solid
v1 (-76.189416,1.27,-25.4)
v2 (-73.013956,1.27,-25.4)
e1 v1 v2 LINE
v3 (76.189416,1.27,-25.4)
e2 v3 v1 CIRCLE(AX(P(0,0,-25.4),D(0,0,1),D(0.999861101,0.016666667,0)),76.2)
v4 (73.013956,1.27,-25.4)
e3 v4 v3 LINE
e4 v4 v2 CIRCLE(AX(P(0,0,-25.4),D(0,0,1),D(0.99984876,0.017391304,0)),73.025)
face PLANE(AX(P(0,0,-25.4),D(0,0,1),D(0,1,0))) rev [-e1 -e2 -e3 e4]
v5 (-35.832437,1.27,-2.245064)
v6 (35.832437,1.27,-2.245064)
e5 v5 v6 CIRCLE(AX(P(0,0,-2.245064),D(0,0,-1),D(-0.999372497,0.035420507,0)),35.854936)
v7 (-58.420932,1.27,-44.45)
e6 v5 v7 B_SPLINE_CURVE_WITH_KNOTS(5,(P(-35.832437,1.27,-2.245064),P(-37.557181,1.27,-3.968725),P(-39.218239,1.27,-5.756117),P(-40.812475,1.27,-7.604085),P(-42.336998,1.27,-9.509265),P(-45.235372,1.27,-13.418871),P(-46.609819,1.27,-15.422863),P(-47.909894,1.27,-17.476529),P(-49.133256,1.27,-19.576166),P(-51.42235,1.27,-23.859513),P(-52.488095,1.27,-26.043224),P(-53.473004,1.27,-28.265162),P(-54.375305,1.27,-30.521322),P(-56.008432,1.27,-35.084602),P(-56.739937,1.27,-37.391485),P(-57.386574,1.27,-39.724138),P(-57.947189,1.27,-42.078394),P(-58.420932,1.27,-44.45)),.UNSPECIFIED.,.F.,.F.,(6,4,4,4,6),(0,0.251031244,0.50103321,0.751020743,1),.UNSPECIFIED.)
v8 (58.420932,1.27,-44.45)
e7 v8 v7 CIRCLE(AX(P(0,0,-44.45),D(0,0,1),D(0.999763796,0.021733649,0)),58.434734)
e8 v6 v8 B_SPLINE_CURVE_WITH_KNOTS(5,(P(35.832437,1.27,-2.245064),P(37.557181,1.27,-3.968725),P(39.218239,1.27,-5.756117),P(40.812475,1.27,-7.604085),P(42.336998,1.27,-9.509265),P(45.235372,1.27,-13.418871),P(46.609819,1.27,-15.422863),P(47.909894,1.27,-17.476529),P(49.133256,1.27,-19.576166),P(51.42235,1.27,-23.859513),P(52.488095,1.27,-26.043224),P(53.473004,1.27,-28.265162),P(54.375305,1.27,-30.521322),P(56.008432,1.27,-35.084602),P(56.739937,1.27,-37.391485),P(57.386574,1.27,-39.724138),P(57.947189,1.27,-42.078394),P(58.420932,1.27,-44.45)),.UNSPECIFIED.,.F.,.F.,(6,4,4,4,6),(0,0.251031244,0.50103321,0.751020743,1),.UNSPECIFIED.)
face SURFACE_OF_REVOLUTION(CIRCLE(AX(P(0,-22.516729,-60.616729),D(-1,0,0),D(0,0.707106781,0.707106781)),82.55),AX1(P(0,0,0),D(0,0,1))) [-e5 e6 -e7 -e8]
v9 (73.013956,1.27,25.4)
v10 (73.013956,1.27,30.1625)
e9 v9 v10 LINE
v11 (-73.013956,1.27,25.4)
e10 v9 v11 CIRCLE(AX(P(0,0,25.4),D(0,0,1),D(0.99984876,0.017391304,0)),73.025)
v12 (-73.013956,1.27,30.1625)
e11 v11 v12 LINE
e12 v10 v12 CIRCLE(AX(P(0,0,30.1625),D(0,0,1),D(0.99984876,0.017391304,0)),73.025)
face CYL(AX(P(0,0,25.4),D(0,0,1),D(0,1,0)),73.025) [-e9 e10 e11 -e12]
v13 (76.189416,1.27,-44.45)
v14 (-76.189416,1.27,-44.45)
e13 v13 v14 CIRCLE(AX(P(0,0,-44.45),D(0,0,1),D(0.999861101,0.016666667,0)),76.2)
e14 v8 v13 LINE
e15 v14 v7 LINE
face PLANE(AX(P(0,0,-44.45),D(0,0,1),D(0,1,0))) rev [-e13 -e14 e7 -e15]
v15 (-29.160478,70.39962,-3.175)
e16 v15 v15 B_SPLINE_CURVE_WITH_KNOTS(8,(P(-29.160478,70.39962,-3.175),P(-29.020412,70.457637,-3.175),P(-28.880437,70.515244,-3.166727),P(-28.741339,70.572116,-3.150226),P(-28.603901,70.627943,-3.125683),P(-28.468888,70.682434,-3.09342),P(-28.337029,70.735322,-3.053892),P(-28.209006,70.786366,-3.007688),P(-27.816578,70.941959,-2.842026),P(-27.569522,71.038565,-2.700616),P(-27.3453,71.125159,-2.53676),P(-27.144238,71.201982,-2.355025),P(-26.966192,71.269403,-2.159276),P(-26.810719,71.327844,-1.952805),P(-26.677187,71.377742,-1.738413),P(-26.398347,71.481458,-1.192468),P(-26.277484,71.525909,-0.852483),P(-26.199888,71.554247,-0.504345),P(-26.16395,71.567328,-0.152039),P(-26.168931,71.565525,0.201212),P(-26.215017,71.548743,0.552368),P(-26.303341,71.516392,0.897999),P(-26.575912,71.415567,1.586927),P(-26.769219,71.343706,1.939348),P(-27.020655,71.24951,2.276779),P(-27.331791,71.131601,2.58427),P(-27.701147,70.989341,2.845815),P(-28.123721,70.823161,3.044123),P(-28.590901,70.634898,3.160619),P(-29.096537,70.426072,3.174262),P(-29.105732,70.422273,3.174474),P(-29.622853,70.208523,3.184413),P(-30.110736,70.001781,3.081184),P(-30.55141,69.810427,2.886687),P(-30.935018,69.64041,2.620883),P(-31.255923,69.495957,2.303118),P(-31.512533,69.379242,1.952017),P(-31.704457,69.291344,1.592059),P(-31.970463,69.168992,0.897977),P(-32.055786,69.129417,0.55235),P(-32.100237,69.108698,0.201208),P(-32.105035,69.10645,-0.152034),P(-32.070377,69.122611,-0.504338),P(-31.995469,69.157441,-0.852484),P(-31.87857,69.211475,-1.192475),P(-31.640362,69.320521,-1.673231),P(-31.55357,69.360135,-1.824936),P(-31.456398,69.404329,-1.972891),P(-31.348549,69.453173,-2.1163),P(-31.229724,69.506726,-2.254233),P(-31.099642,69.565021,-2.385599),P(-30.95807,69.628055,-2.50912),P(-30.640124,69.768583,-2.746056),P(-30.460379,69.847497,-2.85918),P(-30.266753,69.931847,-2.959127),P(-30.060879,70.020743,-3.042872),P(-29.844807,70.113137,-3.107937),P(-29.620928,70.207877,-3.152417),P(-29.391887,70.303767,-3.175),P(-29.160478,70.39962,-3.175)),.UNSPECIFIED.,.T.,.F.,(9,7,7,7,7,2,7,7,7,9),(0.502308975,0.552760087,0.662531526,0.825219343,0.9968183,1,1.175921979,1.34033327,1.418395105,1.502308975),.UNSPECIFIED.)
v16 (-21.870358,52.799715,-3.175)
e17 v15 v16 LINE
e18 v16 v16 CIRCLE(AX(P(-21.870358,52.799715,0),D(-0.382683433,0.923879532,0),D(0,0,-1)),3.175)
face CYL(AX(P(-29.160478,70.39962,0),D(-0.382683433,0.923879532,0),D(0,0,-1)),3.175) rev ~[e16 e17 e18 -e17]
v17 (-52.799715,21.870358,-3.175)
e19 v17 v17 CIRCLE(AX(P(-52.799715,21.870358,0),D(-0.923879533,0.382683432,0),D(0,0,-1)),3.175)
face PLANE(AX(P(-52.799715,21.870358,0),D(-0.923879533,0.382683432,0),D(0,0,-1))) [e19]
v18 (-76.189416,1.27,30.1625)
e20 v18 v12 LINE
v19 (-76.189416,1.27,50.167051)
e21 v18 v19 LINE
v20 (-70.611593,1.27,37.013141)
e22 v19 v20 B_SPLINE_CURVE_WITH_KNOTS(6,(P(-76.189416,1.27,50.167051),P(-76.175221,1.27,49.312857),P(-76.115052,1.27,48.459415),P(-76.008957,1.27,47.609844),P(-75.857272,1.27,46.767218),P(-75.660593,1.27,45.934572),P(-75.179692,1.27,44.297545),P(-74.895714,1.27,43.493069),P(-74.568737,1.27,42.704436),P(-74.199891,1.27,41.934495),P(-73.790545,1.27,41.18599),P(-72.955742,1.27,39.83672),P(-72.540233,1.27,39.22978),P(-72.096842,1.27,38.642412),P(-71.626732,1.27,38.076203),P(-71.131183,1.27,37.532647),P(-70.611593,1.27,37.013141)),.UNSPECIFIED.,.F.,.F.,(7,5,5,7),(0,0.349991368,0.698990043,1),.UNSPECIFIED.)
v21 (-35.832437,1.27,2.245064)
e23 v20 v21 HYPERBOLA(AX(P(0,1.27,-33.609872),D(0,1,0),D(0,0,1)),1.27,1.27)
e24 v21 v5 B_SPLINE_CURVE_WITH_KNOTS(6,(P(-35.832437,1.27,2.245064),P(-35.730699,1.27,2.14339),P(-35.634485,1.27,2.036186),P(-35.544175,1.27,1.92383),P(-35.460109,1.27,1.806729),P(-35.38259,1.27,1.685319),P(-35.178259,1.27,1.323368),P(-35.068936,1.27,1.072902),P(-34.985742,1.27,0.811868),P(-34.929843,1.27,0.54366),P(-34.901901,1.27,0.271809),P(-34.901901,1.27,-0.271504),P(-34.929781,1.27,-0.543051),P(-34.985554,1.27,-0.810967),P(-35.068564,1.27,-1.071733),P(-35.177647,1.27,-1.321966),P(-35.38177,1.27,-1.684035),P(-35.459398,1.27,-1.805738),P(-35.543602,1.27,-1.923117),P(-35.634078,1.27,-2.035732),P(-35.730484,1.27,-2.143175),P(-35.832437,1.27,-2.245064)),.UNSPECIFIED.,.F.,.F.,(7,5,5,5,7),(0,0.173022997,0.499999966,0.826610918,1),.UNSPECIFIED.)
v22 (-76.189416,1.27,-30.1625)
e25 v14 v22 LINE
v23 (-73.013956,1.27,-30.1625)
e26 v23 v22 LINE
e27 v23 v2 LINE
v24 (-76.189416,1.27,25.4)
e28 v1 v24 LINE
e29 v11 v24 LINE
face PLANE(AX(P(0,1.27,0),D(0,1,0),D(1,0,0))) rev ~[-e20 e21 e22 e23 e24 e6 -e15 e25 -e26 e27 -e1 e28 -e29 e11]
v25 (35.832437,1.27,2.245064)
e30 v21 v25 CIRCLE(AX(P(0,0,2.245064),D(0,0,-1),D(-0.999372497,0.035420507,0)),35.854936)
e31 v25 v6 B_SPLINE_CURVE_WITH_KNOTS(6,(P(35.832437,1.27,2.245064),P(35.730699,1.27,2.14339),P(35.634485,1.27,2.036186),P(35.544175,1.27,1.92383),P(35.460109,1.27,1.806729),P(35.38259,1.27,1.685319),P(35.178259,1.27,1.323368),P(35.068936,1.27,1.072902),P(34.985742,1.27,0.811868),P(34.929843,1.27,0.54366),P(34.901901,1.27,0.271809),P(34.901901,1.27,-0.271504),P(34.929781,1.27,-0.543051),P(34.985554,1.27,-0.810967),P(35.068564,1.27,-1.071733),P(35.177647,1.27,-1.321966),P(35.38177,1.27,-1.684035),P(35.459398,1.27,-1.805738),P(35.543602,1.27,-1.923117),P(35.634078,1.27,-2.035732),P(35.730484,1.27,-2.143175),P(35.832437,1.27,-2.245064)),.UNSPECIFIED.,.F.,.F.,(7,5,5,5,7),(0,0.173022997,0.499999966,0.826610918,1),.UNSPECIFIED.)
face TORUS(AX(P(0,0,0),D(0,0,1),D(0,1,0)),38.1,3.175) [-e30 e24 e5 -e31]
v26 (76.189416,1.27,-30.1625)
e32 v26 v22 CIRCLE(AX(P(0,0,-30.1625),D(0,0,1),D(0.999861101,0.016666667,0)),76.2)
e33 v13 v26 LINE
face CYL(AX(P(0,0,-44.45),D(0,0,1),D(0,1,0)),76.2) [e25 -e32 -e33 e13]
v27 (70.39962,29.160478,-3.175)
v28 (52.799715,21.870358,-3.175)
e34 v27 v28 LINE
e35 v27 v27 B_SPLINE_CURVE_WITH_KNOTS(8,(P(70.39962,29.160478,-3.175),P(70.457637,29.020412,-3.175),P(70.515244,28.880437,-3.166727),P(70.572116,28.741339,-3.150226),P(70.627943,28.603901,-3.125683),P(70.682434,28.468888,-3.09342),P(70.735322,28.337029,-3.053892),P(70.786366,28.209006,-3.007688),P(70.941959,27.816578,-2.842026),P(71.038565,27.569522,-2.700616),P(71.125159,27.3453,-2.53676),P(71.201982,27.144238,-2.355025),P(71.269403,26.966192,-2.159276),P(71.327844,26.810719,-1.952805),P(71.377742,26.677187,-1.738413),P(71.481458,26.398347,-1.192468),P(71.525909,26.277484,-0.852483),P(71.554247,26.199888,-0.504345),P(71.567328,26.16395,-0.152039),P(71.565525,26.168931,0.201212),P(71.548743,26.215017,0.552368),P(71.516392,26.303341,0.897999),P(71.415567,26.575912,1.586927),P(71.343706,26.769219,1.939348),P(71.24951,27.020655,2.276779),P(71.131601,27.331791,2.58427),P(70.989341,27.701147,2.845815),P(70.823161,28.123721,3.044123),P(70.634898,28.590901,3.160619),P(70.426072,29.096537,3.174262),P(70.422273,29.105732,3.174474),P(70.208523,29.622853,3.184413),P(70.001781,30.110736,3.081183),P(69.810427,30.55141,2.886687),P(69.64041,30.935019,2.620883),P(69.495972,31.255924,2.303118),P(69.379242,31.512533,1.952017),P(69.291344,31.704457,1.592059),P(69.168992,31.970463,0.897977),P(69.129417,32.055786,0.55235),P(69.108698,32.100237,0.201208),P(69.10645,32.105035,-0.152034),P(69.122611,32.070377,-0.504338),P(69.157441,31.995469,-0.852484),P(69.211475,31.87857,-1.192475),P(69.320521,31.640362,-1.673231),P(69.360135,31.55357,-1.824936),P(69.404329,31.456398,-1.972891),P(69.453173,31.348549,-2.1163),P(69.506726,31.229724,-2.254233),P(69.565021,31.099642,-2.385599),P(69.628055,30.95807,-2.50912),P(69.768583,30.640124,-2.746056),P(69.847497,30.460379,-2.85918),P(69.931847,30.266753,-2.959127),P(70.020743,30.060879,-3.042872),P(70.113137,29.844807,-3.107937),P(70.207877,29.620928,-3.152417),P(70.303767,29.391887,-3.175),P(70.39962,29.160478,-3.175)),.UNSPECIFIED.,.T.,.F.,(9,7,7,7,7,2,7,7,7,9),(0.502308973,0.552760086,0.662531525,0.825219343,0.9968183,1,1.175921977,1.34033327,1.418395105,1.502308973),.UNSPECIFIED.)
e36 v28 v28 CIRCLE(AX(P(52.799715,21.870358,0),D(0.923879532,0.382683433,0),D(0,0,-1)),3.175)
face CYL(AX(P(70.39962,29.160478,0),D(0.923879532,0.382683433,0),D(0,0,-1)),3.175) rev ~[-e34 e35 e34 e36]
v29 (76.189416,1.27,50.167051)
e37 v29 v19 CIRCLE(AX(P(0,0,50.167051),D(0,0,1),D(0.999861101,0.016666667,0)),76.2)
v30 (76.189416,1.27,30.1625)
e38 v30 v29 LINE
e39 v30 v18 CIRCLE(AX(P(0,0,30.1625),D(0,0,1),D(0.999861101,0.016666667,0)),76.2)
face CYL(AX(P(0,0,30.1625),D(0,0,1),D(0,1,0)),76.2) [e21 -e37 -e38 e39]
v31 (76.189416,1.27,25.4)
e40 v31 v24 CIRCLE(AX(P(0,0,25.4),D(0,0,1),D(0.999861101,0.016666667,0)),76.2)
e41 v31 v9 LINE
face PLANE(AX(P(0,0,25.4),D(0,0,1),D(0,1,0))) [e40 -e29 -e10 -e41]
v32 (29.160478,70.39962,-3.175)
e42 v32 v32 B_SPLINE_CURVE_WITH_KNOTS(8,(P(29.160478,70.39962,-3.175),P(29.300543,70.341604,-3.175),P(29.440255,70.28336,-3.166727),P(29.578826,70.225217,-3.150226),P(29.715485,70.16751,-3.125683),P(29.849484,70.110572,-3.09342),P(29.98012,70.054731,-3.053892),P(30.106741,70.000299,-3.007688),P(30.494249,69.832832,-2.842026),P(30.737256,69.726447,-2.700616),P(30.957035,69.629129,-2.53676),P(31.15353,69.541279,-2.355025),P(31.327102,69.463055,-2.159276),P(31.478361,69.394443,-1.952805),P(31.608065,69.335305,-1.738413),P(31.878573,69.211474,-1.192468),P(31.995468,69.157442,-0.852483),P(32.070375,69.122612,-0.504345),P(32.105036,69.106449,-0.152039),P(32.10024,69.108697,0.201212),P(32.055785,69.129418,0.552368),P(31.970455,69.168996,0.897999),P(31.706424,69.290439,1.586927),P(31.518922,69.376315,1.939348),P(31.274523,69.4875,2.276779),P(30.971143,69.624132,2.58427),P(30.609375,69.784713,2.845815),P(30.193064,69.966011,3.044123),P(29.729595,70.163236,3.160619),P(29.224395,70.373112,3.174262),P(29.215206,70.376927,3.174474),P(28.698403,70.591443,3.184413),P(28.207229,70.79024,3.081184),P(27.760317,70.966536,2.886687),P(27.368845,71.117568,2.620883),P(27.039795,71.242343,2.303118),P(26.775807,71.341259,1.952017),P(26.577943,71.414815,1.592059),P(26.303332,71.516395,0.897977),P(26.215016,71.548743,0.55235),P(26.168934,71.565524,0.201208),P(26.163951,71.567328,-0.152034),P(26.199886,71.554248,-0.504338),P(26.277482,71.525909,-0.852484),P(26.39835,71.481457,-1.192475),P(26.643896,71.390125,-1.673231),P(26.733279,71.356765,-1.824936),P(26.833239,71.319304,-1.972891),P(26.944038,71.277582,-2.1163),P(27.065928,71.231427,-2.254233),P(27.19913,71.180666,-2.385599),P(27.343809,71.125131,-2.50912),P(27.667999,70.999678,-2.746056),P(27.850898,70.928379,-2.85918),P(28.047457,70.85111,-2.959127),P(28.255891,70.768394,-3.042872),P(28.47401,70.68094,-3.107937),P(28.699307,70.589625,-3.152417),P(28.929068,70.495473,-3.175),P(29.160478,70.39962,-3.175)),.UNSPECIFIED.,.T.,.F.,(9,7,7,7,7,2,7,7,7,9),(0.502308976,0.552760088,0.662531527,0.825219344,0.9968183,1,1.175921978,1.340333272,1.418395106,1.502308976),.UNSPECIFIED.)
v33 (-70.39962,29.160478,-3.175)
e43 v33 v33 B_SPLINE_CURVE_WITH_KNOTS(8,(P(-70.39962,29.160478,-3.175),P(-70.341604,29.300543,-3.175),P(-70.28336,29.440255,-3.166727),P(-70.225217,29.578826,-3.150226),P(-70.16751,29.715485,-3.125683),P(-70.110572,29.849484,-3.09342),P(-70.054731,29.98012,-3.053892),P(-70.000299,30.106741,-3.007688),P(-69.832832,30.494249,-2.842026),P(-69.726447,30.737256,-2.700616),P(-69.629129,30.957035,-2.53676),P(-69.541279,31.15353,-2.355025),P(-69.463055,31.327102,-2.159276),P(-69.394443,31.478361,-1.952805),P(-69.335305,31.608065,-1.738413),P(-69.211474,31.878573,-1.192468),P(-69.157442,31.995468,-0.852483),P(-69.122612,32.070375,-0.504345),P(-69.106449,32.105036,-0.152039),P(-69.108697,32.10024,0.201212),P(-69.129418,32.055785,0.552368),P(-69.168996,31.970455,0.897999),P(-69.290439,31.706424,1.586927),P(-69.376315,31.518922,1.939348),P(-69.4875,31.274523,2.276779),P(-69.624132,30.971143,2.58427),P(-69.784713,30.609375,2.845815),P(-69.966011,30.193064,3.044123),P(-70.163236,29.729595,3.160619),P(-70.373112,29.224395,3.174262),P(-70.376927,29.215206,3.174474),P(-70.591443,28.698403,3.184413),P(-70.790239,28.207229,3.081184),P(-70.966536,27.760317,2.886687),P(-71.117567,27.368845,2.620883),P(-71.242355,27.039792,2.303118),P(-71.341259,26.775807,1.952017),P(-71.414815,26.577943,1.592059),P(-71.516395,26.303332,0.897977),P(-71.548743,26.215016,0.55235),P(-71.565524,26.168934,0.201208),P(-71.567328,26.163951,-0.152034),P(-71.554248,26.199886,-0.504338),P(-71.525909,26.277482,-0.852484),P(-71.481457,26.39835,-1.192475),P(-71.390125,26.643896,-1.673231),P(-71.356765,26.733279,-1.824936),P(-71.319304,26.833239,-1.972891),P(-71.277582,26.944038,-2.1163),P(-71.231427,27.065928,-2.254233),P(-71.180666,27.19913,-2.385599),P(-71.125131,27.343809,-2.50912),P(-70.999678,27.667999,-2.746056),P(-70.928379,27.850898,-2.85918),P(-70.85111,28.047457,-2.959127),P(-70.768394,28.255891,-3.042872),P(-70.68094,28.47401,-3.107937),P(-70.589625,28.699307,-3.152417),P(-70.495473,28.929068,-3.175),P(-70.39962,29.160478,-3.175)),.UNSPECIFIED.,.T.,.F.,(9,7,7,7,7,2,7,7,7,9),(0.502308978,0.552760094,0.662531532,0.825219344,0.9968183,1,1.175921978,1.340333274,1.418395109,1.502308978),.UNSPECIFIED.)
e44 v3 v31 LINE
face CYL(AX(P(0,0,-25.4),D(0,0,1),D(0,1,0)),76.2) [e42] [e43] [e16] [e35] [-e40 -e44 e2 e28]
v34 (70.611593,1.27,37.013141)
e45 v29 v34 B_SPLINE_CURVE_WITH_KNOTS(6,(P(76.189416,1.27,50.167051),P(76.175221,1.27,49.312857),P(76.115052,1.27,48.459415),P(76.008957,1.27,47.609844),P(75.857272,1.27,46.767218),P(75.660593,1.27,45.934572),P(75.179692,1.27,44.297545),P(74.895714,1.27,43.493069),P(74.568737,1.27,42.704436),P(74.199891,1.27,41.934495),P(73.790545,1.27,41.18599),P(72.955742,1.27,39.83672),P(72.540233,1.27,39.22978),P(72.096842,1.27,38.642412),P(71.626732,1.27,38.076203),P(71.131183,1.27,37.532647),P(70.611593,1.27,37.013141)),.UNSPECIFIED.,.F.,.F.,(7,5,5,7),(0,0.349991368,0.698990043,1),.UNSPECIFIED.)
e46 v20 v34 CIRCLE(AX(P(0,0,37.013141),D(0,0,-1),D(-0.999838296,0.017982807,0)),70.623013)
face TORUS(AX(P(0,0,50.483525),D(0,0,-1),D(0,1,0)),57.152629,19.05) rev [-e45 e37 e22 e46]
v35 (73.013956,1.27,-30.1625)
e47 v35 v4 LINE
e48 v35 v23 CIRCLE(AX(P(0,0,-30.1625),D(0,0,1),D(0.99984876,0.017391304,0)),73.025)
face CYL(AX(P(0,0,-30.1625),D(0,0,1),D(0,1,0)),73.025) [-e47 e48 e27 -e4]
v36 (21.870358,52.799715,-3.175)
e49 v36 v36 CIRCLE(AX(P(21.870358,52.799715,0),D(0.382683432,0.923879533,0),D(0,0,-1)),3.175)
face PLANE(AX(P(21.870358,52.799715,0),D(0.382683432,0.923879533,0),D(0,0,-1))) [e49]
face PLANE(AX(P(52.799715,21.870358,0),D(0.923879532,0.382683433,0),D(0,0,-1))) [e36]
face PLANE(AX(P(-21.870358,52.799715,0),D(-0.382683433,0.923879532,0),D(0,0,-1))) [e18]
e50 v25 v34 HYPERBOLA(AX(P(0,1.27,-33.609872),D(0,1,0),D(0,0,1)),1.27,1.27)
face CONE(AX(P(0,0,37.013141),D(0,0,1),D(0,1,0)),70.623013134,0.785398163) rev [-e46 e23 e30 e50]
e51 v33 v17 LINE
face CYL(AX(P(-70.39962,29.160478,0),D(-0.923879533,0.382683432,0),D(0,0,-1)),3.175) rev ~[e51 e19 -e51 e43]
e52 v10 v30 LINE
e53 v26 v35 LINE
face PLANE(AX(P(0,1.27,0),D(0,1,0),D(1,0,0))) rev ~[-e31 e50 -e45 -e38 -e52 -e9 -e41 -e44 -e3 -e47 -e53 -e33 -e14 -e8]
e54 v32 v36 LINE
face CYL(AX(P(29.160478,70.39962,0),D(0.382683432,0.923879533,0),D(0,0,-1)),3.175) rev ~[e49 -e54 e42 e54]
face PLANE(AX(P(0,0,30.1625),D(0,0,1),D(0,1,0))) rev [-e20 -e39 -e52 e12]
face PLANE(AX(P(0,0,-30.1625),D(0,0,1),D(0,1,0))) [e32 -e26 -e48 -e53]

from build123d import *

# Parameters (mm, degrees)
SKETCH2_W               = 316.892468242
SKETCH2_H               = 286.660554426
CUT_EXTRUDE1_DEPTH      = 1.27
CUT_EXTRUDE1_DEPTH_BACK = 77.2
SKETCH3_R               = 3.175
CUT_EXTRUDE2_DEPTH      = 19.05
CIRPATTERN1_COUNT       = 8


with BuildPart() as part:
    # Sketch1 → Revolve1 (revolve)
    with BuildSketch(Plane(origin=(0, 0, 0), x_dir=(0, 0, -1), z_dir=(1, 0, 0))):
        with BuildLine():
            ThreePointArc((-50.167050753, 76.2), (-43.047460251, 74.691369941), (-37.013141195, 70.623013134))
            Line((-37.013141195, 70.623013134), (-2.24506403, 35.85493597))
            ThreePointArc((-2.24506403, 35.85493597), (0, 34.925), (2.24506403, 35.85493597))
            ThreePointArc((2.24506403, 35.85493597), (21.675043526, 50.270960023), (44.45, 58.434734291))
            Line((44.45, 58.434734291), (44.45, 76.2))
            Line((44.45, 76.2), (30.1625, 76.2))
            Line((30.1625, 76.2), (30.1625, 73.025))
            Line((30.1625, 73.025), (25.4, 73.025))
            Line((25.4, 73.025), (25.4, 76.2))
            Line((25.4, 76.2), (-25.4, 76.2))
            Line((-25.4, 76.2), (-25.4, 73.025))
            Line((-25.4, 73.025), (-30.1625, 73.025))
            Line((-30.1625, 73.025), (-30.1625, 76.2))
            Line((-30.1625, 76.2), (-50.167050753, 76.2))
        make_face()
    revolve(axis=Axis((0, 0, 0), (0, 0, 1)))

    # Sketch2 → Cut-Extrude1 (cut, two sides)
    with BuildSketch(Plane(origin=(0, 0, 0), x_dir=(1, 0, 0), z_dir=(0, 1, 0))) as cut_extrude1_sk:
        Rectangle(SKETCH2_W, SKETCH2_H)
    extrude(amount=CUT_EXTRUDE1_DEPTH, mode=Mode.SUBTRACT)
    extrude(cut_extrude1_sk.sketch, amount=-CUT_EXTRUDE1_DEPTH_BACK, mode=Mode.SUBTRACT)

    # Sketch3 → Cut-Extrude2 (cut)
    with BuildSketch(Plane(origin=(29.160477546, 70.399620377, 0), x_dir=(0, 0, -1), z_dir=(0.382683432, 0.923879533, 0))):
        Circle(SKETCH3_R)
    cut_extrude2 = extrude(amount=-CUT_EXTRUDE2_DEPTH, mode=Mode.SUBTRACT)

    # CirPattern1: Cut-Extrude2 ×8 about axis
    cirpattern1_axis = Axis((0, 0, 0), (0, 0, 1))
    for i in range(1, CIRPATTERN1_COUNT):
        add(cut_extrude2.rotate(cirpattern1_axis, i * 360 / CIRPATTERN1_COUNT), mode=Mode.SUBTRACT)


solid = part.part
